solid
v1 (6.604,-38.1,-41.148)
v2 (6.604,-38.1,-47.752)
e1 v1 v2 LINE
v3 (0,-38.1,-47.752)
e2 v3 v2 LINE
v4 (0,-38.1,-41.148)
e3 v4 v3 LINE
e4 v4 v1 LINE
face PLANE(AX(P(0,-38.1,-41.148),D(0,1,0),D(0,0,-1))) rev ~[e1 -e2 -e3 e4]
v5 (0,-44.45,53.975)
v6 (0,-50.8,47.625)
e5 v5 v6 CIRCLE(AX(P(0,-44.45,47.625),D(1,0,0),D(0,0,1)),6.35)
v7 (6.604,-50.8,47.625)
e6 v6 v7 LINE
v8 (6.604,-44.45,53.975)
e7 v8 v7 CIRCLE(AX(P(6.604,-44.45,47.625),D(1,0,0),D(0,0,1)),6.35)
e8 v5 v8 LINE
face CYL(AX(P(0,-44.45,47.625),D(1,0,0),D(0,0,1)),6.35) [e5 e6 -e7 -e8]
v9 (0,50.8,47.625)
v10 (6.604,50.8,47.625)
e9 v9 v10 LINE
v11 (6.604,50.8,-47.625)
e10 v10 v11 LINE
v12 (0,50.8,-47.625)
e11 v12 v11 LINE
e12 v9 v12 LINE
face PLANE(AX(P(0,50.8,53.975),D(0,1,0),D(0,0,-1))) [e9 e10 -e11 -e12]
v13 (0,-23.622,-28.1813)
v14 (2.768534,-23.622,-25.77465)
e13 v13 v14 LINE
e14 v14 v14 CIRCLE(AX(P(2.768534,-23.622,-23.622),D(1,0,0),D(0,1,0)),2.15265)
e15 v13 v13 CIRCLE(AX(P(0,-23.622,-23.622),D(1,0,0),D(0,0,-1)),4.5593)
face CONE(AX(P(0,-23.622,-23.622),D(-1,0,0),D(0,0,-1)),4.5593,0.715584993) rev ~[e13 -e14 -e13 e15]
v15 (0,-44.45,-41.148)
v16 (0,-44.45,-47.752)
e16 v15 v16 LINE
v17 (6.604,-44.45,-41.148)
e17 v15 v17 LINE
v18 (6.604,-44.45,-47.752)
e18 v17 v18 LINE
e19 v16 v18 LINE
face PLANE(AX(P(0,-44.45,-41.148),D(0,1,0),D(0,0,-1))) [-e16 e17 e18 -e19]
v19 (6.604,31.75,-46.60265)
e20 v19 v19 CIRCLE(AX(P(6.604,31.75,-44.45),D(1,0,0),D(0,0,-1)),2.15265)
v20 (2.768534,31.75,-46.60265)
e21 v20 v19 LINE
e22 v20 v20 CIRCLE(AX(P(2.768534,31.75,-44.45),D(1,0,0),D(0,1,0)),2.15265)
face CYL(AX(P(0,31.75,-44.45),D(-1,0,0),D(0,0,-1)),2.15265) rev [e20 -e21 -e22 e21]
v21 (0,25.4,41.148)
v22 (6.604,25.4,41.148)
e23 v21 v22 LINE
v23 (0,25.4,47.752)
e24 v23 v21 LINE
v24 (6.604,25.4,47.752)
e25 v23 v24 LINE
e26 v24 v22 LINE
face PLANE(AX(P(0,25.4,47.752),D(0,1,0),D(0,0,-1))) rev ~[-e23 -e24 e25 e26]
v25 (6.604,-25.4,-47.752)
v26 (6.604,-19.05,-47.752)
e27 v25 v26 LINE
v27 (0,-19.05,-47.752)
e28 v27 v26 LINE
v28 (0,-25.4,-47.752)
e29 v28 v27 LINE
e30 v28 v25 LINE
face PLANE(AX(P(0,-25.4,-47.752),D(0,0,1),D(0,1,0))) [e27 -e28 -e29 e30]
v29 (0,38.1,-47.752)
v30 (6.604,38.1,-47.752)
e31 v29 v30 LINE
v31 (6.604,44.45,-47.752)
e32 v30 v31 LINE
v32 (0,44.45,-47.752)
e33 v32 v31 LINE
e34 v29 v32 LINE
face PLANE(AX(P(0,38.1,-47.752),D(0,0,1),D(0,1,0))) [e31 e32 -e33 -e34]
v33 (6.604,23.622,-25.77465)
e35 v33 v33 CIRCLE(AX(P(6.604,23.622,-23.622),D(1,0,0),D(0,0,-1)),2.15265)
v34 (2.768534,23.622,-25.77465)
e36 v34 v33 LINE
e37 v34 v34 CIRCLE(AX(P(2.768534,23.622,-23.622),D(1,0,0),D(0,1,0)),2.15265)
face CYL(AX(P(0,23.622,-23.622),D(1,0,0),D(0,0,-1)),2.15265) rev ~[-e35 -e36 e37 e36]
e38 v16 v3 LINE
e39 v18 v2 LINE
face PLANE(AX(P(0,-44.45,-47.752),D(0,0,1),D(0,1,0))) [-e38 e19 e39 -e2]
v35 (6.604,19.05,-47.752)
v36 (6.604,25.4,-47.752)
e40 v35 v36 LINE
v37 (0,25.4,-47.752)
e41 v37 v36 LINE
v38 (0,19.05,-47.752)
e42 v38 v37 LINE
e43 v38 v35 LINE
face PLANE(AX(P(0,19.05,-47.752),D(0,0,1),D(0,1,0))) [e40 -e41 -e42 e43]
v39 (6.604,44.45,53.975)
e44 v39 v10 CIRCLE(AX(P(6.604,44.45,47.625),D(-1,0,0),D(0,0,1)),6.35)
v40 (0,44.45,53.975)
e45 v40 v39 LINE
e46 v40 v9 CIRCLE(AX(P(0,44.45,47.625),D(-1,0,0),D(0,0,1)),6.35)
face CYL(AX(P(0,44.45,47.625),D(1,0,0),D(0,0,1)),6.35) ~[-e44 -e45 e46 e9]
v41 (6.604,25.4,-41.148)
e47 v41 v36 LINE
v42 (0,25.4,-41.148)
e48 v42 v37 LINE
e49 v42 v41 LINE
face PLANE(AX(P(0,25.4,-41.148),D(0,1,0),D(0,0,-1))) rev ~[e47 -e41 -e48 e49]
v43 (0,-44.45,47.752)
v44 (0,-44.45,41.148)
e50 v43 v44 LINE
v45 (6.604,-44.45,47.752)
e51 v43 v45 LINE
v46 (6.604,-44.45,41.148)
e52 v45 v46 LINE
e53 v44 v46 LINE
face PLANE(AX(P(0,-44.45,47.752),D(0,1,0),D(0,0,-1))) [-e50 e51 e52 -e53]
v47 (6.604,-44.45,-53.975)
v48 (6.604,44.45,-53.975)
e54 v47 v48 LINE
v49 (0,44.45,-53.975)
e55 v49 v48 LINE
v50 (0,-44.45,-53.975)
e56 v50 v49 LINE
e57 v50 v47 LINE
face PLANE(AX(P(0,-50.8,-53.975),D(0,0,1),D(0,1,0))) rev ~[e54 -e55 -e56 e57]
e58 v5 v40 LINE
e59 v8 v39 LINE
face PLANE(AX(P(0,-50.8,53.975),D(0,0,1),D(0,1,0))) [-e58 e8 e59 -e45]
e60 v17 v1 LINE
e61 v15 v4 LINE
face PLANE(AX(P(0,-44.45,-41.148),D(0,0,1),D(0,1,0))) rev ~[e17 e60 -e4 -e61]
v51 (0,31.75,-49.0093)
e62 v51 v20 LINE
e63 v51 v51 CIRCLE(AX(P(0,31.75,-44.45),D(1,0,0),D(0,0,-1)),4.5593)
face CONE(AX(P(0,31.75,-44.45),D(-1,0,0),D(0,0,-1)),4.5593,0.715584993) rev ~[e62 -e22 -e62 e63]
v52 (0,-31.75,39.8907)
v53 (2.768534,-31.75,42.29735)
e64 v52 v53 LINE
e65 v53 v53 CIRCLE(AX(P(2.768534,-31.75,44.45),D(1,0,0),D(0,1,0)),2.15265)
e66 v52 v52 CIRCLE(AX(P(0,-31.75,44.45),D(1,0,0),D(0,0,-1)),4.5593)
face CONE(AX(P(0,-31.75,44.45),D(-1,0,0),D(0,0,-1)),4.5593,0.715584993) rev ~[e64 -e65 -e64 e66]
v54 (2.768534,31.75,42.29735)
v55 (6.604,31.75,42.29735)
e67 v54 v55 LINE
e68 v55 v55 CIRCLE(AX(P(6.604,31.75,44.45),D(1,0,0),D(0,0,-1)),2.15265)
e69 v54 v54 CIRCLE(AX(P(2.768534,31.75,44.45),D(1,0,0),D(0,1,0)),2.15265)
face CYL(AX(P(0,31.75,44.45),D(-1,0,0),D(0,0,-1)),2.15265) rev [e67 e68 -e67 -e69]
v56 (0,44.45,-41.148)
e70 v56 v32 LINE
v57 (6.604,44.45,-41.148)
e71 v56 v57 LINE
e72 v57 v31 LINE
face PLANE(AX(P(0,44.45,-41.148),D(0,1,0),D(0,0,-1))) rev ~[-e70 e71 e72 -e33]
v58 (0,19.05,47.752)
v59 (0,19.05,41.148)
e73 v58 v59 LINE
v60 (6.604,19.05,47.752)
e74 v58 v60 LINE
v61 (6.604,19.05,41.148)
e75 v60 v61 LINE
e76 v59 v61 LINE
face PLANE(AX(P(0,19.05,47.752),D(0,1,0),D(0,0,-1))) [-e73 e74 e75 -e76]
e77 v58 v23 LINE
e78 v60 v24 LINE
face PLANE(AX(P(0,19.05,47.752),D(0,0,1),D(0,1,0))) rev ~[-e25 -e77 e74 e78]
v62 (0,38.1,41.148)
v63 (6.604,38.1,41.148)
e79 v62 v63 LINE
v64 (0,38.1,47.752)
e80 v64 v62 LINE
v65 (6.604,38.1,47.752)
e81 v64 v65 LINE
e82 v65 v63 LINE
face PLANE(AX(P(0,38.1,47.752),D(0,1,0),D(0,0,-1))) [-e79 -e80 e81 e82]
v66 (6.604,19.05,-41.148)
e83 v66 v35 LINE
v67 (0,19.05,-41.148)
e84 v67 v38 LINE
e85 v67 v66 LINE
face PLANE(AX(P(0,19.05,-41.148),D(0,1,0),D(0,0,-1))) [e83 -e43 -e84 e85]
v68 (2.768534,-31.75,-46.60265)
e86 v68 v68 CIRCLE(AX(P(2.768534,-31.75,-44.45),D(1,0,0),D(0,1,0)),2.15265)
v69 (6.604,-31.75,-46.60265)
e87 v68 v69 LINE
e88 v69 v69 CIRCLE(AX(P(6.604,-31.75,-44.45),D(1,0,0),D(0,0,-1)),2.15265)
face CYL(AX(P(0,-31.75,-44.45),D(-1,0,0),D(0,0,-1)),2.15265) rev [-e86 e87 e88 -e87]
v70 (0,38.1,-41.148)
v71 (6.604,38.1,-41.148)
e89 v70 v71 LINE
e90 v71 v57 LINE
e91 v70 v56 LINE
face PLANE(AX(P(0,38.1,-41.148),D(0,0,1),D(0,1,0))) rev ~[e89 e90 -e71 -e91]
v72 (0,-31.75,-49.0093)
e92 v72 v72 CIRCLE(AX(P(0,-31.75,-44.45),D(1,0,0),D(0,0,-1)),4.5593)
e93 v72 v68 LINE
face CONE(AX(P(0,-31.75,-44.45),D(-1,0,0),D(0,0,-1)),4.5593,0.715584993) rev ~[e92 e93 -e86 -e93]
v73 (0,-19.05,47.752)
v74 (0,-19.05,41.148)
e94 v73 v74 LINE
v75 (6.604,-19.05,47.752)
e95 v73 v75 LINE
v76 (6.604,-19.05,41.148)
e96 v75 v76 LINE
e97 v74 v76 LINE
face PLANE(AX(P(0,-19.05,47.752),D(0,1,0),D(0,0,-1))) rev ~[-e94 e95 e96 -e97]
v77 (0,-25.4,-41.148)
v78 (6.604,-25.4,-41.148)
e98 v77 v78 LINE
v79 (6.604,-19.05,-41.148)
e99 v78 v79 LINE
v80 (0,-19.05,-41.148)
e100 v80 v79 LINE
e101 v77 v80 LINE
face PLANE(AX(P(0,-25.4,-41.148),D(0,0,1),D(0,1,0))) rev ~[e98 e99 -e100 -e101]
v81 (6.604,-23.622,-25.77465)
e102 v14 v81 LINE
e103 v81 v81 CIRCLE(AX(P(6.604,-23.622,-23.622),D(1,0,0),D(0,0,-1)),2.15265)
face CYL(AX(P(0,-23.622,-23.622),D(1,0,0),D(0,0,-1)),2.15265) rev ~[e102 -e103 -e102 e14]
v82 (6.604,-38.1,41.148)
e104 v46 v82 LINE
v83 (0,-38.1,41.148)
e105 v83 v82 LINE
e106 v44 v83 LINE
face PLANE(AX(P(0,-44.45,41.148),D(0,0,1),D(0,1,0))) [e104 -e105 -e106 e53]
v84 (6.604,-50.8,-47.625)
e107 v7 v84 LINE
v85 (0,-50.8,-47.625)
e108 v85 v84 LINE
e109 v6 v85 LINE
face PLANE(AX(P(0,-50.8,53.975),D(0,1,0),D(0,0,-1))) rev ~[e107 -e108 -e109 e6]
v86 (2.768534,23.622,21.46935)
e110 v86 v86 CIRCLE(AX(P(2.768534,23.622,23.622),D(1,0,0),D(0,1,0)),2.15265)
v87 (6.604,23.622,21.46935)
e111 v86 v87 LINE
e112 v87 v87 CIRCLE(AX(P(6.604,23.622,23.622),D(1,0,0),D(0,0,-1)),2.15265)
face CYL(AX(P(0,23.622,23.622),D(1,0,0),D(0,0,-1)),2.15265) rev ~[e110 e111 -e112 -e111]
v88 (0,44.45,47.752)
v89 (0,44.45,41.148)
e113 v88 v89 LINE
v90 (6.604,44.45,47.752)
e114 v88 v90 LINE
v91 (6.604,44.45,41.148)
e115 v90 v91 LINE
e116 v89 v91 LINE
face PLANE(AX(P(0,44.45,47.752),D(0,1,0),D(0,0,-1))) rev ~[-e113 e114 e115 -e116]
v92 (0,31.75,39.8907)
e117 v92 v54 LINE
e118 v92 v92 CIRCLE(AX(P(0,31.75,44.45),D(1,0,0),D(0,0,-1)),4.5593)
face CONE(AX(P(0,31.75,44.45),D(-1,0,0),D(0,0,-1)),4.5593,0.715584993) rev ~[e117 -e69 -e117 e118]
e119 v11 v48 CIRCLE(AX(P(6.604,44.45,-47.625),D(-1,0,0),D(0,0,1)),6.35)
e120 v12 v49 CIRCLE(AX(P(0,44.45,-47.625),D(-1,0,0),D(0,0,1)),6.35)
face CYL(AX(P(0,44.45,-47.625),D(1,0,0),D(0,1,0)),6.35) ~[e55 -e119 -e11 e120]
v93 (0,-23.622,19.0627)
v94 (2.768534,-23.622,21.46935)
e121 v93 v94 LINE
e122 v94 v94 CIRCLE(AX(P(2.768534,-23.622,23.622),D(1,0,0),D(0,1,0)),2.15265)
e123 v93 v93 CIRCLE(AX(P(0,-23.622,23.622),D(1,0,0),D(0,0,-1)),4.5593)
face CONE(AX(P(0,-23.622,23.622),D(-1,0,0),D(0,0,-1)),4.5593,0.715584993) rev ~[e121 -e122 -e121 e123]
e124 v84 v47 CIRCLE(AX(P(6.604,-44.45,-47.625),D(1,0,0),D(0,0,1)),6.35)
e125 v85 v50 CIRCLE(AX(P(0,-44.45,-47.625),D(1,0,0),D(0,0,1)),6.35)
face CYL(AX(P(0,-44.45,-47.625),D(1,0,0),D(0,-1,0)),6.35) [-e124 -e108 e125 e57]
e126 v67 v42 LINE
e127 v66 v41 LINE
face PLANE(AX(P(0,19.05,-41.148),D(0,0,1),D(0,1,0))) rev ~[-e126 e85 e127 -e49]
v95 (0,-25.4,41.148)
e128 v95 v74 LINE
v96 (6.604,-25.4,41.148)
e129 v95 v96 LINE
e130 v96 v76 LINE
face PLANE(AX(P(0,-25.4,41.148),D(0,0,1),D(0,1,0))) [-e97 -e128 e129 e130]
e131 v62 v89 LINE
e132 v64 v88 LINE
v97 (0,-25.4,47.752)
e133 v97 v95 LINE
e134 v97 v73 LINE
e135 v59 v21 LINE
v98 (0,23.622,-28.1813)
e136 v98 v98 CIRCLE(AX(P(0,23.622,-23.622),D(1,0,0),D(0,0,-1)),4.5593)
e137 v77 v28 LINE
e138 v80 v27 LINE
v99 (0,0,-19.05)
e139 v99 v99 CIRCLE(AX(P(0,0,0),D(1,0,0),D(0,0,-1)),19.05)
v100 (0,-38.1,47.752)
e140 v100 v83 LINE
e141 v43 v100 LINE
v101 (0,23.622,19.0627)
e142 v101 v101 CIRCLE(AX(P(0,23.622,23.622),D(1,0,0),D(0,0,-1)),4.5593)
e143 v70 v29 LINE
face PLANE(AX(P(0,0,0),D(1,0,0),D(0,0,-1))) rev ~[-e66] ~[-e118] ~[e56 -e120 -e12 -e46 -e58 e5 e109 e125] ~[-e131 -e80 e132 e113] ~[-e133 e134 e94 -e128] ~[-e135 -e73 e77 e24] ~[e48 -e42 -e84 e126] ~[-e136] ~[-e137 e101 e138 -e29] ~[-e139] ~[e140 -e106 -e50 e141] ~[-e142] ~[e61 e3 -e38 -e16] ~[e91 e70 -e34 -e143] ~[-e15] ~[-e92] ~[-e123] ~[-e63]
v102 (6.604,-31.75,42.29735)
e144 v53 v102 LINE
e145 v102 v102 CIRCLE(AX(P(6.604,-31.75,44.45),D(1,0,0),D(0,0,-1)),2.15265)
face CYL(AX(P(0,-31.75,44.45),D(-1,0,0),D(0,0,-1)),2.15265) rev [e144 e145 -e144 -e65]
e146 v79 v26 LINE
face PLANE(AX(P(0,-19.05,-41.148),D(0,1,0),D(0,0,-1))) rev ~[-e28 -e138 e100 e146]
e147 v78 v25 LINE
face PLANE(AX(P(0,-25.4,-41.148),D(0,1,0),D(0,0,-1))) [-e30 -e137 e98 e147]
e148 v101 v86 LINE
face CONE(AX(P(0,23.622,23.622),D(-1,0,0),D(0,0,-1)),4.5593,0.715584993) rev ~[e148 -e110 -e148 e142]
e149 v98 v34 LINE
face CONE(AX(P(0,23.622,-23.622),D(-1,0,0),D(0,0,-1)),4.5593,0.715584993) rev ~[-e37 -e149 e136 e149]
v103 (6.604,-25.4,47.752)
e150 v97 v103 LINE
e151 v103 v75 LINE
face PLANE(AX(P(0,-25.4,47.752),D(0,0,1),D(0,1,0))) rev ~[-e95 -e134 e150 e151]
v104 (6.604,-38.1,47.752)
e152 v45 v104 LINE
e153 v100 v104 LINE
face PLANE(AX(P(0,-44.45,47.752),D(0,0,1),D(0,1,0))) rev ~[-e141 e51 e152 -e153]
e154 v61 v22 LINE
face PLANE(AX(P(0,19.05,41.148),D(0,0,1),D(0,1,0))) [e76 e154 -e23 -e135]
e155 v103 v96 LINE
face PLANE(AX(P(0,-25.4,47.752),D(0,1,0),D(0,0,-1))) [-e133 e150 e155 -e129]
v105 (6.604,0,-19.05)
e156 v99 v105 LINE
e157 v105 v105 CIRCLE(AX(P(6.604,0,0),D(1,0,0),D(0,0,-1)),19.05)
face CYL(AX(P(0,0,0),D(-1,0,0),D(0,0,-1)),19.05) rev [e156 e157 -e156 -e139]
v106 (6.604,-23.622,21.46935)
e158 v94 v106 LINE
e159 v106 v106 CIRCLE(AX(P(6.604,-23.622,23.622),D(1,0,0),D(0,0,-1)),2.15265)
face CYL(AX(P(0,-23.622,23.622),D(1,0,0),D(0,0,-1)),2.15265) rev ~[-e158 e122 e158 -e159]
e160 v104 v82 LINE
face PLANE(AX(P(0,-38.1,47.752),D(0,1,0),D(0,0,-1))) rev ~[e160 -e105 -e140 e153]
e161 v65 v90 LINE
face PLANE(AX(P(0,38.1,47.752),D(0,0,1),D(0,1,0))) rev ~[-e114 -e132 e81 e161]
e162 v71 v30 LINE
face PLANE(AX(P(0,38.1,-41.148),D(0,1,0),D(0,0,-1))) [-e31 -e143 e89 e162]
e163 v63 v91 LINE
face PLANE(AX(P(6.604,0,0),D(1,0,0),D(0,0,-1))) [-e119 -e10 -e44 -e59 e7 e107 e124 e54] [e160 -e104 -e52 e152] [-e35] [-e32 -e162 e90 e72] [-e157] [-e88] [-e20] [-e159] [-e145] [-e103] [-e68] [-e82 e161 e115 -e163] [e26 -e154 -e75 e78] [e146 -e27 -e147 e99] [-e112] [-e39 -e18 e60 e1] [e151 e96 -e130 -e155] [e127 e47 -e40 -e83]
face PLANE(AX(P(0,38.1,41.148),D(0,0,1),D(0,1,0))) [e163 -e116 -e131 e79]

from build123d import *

# Parameters (mm, degrees)
SKETCH1_W                                         = 107.95
SKETCH1_H                                         = 101.6
SKETCH1_R                                         = 19.05
SKETCH1_R_2                                       = 2.15265
SKETCH1_W_2                                       = 6.604
SKETCH1_H_2                                       = 6.35
BOSS_EXTRUDE1_DEPTH                               = 6.604
F_10_32_TAPPED_HOLE1_D                            = 4.0386
F_10_32_TAPPED_HOLE1_DEPTH                        = 12.0396
F_10_32_TAPPED_HOLE1_TIP                          = 1.213317848
FILLET1_R                                         = 6.35
CSK_FOR_8_FLAT_HEAD_SOCKET_CAP_SCREW2_D           = 4.3053
CSK_FOR_8_FLAT_HEAD_SOCKET_CAP_SCREW2_CSINK_D     = 9.1186
CSK_FOR_8_FLAT_HEAD_SOCKET_CAP_SCREW2_CSINK_ANGLE = 82


with BuildPart() as part:
    # Sketch1 → Boss-Extrude1 (new body)
    with BuildSketch(Plane(origin=(0, 0, 0), x_dir=(0, 0, -1), z_dir=(1, 0, 0))):
        Rectangle(SKETCH1_W, SKETCH1_H)
        Circle(SKETCH1_R, mode=Mode.SUBTRACT)
        with Locations((-44.45, 31.75)):
            Circle(SKETCH1_R_2, mode=Mode.SUBTRACT)
        with Locations((-44.45, -31.75)):
            Circle(SKETCH1_R_2, mode=Mode.SUBTRACT)
        with Locations((44.45, 31.75)):
            Circle(SKETCH1_R_2, mode=Mode.SUBTRACT)
        with Locations((44.45, -31.75)):
            Circle(SKETCH1_R_2, mode=Mode.SUBTRACT)
        with Locations((-44.45, 41.275)):
            Rectangle(SKETCH1_W_2, SKETCH1_H_2, mode=Mode.SUBTRACT)
        with Locations((-44.45, 22.225)):
            Rectangle(SKETCH1_W_2, SKETCH1_H_2, mode=Mode.SUBTRACT)
        with Locations((-44.45, -22.225)):
            Rectangle(SKETCH1_W_2, SKETCH1_H_2, mode=Mode.SUBTRACT)
        with Locations((-44.45, -41.275)):
            Rectangle(SKETCH1_W_2, SKETCH1_H_2, mode=Mode.SUBTRACT)
        with Locations((44.45, 41.275)):
            Rectangle(SKETCH1_W_2, SKETCH1_H_2, mode=Mode.SUBTRACT)
        with Locations((44.45, 22.225)):
            Rectangle(SKETCH1_W_2, SKETCH1_H_2, mode=Mode.SUBTRACT)
        with Locations((44.45, -41.275)):
            Rectangle(SKETCH1_W_2, SKETCH1_H_2, mode=Mode.SUBTRACT)
        with Locations((44.45, -22.225)):
            Rectangle(SKETCH1_W_2, SKETCH1_H_2, mode=Mode.SUBTRACT)
    extrude(amount=BOSS_EXTRUDE1_DEPTH)

    # #10-32 Tapped Hole1
    with Locations(Plane(origin=(6.604, 0, 0), x_dir=(0, 0, -1), z_dir=(1, 0, 0))):
        with Locations((-23.622, 23.622), (23.622, 23.622), (-23.622, -23.622), (23.622, -23.622)):
            Hole(F_10_32_TAPPED_HOLE1_D / 2, depth=F_10_32_TAPPED_HOLE1_DEPTH)
            with Locations((0, 0, -(F_10_32_TAPPED_HOLE1_DEPTH + F_10_32_TAPPED_HOLE1_TIP / 2))):  # 118° drill point
                Cone(0, F_10_32_TAPPED_HOLE1_D / 2, F_10_32_TAPPED_HOLE1_TIP, mode=Mode.SUBTRACT)

    # Fillet1
    fillet1_edges = [part.edges().sort_by_distance(p)[0] for p in [
        (3.302, -50.8, -53.975),
        (3.302, -50.8, 53.975),
        (3.302, 50.8, 53.975),
        (3.302, 50.8, -53.975),
    ]]
    fillet(fillet1_edges, radius=FILLET1_R)

    # CSK for #8 Flat Head Socket Cap Screw2 (through all)
    with Locations(Plane.ZY):
        with Locations((-44.45, 31.75), (-23.622, 23.622), (23.622, 23.622), (44.45, 31.75), (23.622, -23.622), (-23.622, -23.622), (-44.45, -31.75), (44.45, -31.75)):
            CounterSinkHole(CSK_FOR_8_FLAT_HEAD_SOCKET_CAP_SCREW2_D / 2, CSK_FOR_8_FLAT_HEAD_SOCKET_CAP_SCREW2_CSINK_D / 2, counter_sink_angle=CSK_FOR_8_FLAT_HEAD_SOCKET_CAP_SCREW2_CSINK_ANGLE)


solid = part.part
